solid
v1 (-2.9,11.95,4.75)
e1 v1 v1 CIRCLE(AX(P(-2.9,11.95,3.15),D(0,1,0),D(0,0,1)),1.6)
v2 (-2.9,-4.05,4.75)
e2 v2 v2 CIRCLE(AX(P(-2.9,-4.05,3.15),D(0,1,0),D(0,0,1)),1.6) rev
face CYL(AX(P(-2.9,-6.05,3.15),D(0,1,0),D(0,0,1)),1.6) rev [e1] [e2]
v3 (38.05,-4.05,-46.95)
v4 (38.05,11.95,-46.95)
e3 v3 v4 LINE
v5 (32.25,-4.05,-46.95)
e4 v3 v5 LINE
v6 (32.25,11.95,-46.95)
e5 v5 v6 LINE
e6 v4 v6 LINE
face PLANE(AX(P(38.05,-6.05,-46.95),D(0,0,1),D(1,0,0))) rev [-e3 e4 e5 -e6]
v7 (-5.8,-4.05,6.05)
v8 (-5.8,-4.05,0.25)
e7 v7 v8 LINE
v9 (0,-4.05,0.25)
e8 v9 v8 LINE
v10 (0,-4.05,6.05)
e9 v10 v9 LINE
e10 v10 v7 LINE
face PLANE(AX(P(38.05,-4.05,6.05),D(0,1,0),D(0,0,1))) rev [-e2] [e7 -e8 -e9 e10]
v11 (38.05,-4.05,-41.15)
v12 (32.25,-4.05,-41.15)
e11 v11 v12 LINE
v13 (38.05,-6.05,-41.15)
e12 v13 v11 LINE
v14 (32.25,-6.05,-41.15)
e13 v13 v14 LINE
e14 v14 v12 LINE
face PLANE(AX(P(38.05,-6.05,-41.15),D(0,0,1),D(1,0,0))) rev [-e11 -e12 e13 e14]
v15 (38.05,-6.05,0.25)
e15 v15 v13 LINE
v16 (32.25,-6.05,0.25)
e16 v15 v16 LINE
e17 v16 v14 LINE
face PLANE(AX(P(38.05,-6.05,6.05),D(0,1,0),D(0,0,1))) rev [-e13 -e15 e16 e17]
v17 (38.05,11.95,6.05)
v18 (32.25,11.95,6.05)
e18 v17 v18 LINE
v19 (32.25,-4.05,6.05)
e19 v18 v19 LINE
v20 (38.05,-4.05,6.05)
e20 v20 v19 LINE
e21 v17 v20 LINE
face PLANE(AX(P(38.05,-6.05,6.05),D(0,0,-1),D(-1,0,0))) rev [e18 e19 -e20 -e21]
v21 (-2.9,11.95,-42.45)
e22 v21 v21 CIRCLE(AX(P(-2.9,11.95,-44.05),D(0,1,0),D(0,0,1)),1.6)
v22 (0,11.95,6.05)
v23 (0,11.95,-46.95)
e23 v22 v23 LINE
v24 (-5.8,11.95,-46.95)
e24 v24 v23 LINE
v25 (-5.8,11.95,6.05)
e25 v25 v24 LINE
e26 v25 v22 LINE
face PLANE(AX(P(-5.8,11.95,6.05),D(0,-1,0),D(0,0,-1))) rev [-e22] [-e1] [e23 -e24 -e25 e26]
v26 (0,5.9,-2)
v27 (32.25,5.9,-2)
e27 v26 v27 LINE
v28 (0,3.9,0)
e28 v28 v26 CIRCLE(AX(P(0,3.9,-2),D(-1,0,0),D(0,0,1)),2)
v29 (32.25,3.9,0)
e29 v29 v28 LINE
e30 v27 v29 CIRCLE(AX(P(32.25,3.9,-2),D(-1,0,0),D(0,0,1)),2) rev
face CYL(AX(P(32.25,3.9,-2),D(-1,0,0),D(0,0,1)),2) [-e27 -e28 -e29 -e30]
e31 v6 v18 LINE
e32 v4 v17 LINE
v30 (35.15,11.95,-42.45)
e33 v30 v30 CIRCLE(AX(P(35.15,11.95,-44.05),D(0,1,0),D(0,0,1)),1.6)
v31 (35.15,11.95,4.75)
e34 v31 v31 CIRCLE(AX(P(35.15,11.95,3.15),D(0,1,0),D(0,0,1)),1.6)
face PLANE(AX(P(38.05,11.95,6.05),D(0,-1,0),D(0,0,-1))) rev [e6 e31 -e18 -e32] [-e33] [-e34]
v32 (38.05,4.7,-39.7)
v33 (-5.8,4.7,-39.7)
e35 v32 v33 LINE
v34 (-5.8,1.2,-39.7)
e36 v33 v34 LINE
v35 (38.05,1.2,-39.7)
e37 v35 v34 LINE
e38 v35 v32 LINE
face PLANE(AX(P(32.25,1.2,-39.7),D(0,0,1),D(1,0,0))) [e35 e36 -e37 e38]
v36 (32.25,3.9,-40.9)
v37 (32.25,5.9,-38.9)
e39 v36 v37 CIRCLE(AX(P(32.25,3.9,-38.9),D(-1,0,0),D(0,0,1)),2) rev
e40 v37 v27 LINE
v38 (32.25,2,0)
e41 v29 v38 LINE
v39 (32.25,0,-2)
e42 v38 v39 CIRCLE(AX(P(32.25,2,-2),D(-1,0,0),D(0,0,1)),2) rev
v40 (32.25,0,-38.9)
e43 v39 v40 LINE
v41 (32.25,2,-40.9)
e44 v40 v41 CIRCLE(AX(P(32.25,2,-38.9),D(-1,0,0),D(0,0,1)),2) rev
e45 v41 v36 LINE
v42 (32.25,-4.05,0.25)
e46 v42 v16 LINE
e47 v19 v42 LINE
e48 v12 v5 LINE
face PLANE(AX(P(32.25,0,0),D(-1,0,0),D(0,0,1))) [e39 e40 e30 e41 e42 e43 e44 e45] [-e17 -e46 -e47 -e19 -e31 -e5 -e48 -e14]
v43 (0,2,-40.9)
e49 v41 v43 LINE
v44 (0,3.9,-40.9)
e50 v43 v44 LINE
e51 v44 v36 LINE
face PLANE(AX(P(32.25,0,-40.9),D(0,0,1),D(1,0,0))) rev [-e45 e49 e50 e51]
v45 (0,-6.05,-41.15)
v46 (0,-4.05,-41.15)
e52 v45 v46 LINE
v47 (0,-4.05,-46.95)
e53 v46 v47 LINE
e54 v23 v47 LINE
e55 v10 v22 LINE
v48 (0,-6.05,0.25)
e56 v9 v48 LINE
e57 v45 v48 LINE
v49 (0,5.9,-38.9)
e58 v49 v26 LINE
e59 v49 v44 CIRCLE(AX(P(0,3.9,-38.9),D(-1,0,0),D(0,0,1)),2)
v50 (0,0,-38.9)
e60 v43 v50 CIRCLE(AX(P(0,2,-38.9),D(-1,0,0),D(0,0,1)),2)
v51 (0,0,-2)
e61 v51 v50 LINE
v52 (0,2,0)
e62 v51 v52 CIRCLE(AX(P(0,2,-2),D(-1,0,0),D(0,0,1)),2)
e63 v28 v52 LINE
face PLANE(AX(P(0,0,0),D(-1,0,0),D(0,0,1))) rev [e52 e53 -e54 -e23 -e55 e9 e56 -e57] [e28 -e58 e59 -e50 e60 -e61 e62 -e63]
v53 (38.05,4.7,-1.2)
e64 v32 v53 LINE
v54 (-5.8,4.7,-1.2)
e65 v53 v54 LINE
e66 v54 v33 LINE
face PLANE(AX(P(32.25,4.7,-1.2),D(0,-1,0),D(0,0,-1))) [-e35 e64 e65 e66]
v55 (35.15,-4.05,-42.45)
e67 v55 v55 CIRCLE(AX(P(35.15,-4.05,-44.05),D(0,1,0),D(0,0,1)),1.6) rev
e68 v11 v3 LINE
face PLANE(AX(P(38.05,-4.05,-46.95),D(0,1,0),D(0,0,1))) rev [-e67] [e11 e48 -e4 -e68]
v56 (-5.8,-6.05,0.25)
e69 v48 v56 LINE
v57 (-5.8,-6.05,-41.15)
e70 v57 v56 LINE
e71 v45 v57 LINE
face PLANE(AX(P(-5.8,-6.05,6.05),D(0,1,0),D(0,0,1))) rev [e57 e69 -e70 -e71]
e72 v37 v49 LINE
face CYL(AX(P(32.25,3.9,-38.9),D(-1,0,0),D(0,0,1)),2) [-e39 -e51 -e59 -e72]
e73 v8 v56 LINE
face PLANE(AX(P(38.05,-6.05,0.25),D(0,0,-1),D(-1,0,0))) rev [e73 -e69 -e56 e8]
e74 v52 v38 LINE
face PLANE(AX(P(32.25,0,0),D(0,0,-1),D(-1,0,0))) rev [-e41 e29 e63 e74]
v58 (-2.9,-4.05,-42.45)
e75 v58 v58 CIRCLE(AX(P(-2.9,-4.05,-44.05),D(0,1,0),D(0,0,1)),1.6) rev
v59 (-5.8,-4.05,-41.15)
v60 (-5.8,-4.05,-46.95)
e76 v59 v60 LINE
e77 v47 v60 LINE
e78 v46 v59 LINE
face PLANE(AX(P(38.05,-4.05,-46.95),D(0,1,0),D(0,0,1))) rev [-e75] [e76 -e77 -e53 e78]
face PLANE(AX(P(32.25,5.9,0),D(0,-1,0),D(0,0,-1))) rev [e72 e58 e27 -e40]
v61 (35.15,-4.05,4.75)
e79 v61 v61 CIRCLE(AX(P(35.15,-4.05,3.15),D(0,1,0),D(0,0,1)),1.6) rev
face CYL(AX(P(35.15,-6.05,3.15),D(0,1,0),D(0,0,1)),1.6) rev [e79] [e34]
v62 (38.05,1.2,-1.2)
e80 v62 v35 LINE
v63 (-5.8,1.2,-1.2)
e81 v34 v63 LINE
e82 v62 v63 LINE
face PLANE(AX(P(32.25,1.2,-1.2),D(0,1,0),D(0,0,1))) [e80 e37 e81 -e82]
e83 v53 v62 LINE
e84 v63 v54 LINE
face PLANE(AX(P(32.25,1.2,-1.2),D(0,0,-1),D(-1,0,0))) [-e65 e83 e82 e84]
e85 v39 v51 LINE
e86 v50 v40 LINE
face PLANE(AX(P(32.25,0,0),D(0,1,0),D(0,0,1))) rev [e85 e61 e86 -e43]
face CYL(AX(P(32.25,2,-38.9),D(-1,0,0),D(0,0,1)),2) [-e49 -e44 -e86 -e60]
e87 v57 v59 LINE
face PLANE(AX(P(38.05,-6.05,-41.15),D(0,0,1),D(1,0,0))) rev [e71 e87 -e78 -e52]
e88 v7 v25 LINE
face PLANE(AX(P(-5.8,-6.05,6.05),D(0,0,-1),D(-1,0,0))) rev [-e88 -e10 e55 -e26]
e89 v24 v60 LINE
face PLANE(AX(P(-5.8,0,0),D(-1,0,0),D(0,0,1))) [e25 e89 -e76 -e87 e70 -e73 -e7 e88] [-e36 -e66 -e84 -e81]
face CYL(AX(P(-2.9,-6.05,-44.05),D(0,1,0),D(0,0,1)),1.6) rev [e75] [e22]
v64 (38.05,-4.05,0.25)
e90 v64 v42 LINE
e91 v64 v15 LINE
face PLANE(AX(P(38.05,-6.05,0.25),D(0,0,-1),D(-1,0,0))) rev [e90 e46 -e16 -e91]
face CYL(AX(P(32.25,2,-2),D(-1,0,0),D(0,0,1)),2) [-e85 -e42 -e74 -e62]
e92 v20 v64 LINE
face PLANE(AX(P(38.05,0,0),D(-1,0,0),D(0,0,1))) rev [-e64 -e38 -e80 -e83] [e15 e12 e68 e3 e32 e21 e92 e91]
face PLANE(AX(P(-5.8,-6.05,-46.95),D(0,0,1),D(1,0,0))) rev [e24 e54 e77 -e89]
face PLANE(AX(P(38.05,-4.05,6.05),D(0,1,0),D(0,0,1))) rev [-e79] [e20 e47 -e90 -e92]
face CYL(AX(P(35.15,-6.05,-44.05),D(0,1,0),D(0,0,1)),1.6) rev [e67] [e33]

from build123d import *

# Parameters (mm, degrees)
SKETCH1_W           = 40.9
SKETCH1_H           = 5.9
SKETCH1_W_2         = 38.5
SKETCH1_H_2         = 3.5
BOSS_EXTRUDE1_DEPTH = 32.25
FILLET2_R           = 2
SKETCH2_W           = 53
SKETCH2_H           = 18
SKETCH2_W_2         = 38.5
SKETCH2_H_2         = 3.5
BOSS_EXTRUDE2_DEPTH = 5.8
SKETCH3_W           = 53
SKETCH3_H           = 18
SKETCH3_W_2         = 38.5
SKETCH3_H_2         = 3.5
BOSS_EXTRUDE3_DEPTH = 5.8
SKETCH4_R           = 1.6
CUT_EXTRUDE1_DEPTH  = 64.056363676
SKETCH15_W          = 38.5
SKETCH15_H          = 3.5
SKETCH15_W_2        = 5.8
SKETCH15_H_2        = 2
CUT_EXTRUDE5_DEPTH  = 66.344682263


with BuildPart() as part:
    # Sketch1 → Boss-Extrude1 (new body)
    with BuildSketch(Plane(origin=(0, 0, 0), x_dir=(0, 0, -1), z_dir=(1, 0, 0))):
        with Locations((20.45, 2.95)):
            Rectangle(SKETCH1_W, SKETCH1_H)
        with Locations((20.45, 2.95)):
            Rectangle(SKETCH1_W_2, SKETCH1_H_2, mode=Mode.SUBTRACT)
    extrude(amount=BOSS_EXTRUDE1_DEPTH)

    # Fillet2
    fillet2_edges = [part.edges().sort_by_distance(p)[0] for p in [
        (16.125, 0, -40.9),
        (16.125, 0, 0),
        (16.125, 5.9, 0),
        (16.125, 5.9, -40.9),
    ]]
    fillet(fillet2_edges, radius=FILLET2_R)

    # Sketch2 → Boss-Extrude2 (add)
    with BuildSketch(Plane(origin=(32.25, 0, 0), x_dir=(0, 0, -1), z_dir=(1, 0, 0))):
        with Locations((20.45, 2.95)):
            Rectangle(SKETCH2_W, SKETCH2_H)
        with Locations((20.45, 2.95)):
            Rectangle(SKETCH2_W_2, SKETCH2_H_2, mode=Mode.SUBTRACT)
    extrude(amount=BOSS_EXTRUDE2_DEPTH)

    # Sketch3 → Boss-Extrude3 (add)
    with BuildSketch(Plane.ZY):
        with Locations((-20.45, 2.95)):
            Rectangle(SKETCH3_W, SKETCH3_H)
        with Locations((-20.45, 2.95)):
            Rectangle(SKETCH3_W_2, SKETCH3_H_2, mode=Mode.SUBTRACT)
    extrude(amount=BOSS_EXTRUDE3_DEPTH)

    # Sketch4 → Cut-Extrude1 (cut, through all)
    with BuildSketch(Plane(origin=(0, 11.95, 0), x_dir=(1, 0, 0), z_dir=(0, 1, 0))):
        with Locations((-2.9, 44.05)):
            Circle(SKETCH4_R)
        with Locations((35.15, 44.05)):
            Circle(SKETCH4_R)
        with Locations((-2.9, -3.15)):
            Circle(SKETCH4_R)
        with Locations((35.15, -3.15)):
            Circle(SKETCH4_R)
    extrude(amount=-CUT_EXTRUDE1_DEPTH, mode=Mode.SUBTRACT)

    # Sketch15 → Cut-Extrude5 (cut, through all)
    with BuildSketch(Plane.ZY.offset(5.8)):
        with Locations((-20.45, 2.95)):
            Rectangle(SKETCH15_W, SKETCH15_H)
        with Locations((-44.05, -5.05)):
            Rectangle(SKETCH15_W_2, SKETCH15_H_2)
        with Locations((3.15, -5.05)):
            Rectangle(SKETCH15_W_2, SKETCH15_H_2)
    extrude(amount=-CUT_EXTRUDE5_DEPTH, mode=Mode.SUBTRACT)


solid = part.part
